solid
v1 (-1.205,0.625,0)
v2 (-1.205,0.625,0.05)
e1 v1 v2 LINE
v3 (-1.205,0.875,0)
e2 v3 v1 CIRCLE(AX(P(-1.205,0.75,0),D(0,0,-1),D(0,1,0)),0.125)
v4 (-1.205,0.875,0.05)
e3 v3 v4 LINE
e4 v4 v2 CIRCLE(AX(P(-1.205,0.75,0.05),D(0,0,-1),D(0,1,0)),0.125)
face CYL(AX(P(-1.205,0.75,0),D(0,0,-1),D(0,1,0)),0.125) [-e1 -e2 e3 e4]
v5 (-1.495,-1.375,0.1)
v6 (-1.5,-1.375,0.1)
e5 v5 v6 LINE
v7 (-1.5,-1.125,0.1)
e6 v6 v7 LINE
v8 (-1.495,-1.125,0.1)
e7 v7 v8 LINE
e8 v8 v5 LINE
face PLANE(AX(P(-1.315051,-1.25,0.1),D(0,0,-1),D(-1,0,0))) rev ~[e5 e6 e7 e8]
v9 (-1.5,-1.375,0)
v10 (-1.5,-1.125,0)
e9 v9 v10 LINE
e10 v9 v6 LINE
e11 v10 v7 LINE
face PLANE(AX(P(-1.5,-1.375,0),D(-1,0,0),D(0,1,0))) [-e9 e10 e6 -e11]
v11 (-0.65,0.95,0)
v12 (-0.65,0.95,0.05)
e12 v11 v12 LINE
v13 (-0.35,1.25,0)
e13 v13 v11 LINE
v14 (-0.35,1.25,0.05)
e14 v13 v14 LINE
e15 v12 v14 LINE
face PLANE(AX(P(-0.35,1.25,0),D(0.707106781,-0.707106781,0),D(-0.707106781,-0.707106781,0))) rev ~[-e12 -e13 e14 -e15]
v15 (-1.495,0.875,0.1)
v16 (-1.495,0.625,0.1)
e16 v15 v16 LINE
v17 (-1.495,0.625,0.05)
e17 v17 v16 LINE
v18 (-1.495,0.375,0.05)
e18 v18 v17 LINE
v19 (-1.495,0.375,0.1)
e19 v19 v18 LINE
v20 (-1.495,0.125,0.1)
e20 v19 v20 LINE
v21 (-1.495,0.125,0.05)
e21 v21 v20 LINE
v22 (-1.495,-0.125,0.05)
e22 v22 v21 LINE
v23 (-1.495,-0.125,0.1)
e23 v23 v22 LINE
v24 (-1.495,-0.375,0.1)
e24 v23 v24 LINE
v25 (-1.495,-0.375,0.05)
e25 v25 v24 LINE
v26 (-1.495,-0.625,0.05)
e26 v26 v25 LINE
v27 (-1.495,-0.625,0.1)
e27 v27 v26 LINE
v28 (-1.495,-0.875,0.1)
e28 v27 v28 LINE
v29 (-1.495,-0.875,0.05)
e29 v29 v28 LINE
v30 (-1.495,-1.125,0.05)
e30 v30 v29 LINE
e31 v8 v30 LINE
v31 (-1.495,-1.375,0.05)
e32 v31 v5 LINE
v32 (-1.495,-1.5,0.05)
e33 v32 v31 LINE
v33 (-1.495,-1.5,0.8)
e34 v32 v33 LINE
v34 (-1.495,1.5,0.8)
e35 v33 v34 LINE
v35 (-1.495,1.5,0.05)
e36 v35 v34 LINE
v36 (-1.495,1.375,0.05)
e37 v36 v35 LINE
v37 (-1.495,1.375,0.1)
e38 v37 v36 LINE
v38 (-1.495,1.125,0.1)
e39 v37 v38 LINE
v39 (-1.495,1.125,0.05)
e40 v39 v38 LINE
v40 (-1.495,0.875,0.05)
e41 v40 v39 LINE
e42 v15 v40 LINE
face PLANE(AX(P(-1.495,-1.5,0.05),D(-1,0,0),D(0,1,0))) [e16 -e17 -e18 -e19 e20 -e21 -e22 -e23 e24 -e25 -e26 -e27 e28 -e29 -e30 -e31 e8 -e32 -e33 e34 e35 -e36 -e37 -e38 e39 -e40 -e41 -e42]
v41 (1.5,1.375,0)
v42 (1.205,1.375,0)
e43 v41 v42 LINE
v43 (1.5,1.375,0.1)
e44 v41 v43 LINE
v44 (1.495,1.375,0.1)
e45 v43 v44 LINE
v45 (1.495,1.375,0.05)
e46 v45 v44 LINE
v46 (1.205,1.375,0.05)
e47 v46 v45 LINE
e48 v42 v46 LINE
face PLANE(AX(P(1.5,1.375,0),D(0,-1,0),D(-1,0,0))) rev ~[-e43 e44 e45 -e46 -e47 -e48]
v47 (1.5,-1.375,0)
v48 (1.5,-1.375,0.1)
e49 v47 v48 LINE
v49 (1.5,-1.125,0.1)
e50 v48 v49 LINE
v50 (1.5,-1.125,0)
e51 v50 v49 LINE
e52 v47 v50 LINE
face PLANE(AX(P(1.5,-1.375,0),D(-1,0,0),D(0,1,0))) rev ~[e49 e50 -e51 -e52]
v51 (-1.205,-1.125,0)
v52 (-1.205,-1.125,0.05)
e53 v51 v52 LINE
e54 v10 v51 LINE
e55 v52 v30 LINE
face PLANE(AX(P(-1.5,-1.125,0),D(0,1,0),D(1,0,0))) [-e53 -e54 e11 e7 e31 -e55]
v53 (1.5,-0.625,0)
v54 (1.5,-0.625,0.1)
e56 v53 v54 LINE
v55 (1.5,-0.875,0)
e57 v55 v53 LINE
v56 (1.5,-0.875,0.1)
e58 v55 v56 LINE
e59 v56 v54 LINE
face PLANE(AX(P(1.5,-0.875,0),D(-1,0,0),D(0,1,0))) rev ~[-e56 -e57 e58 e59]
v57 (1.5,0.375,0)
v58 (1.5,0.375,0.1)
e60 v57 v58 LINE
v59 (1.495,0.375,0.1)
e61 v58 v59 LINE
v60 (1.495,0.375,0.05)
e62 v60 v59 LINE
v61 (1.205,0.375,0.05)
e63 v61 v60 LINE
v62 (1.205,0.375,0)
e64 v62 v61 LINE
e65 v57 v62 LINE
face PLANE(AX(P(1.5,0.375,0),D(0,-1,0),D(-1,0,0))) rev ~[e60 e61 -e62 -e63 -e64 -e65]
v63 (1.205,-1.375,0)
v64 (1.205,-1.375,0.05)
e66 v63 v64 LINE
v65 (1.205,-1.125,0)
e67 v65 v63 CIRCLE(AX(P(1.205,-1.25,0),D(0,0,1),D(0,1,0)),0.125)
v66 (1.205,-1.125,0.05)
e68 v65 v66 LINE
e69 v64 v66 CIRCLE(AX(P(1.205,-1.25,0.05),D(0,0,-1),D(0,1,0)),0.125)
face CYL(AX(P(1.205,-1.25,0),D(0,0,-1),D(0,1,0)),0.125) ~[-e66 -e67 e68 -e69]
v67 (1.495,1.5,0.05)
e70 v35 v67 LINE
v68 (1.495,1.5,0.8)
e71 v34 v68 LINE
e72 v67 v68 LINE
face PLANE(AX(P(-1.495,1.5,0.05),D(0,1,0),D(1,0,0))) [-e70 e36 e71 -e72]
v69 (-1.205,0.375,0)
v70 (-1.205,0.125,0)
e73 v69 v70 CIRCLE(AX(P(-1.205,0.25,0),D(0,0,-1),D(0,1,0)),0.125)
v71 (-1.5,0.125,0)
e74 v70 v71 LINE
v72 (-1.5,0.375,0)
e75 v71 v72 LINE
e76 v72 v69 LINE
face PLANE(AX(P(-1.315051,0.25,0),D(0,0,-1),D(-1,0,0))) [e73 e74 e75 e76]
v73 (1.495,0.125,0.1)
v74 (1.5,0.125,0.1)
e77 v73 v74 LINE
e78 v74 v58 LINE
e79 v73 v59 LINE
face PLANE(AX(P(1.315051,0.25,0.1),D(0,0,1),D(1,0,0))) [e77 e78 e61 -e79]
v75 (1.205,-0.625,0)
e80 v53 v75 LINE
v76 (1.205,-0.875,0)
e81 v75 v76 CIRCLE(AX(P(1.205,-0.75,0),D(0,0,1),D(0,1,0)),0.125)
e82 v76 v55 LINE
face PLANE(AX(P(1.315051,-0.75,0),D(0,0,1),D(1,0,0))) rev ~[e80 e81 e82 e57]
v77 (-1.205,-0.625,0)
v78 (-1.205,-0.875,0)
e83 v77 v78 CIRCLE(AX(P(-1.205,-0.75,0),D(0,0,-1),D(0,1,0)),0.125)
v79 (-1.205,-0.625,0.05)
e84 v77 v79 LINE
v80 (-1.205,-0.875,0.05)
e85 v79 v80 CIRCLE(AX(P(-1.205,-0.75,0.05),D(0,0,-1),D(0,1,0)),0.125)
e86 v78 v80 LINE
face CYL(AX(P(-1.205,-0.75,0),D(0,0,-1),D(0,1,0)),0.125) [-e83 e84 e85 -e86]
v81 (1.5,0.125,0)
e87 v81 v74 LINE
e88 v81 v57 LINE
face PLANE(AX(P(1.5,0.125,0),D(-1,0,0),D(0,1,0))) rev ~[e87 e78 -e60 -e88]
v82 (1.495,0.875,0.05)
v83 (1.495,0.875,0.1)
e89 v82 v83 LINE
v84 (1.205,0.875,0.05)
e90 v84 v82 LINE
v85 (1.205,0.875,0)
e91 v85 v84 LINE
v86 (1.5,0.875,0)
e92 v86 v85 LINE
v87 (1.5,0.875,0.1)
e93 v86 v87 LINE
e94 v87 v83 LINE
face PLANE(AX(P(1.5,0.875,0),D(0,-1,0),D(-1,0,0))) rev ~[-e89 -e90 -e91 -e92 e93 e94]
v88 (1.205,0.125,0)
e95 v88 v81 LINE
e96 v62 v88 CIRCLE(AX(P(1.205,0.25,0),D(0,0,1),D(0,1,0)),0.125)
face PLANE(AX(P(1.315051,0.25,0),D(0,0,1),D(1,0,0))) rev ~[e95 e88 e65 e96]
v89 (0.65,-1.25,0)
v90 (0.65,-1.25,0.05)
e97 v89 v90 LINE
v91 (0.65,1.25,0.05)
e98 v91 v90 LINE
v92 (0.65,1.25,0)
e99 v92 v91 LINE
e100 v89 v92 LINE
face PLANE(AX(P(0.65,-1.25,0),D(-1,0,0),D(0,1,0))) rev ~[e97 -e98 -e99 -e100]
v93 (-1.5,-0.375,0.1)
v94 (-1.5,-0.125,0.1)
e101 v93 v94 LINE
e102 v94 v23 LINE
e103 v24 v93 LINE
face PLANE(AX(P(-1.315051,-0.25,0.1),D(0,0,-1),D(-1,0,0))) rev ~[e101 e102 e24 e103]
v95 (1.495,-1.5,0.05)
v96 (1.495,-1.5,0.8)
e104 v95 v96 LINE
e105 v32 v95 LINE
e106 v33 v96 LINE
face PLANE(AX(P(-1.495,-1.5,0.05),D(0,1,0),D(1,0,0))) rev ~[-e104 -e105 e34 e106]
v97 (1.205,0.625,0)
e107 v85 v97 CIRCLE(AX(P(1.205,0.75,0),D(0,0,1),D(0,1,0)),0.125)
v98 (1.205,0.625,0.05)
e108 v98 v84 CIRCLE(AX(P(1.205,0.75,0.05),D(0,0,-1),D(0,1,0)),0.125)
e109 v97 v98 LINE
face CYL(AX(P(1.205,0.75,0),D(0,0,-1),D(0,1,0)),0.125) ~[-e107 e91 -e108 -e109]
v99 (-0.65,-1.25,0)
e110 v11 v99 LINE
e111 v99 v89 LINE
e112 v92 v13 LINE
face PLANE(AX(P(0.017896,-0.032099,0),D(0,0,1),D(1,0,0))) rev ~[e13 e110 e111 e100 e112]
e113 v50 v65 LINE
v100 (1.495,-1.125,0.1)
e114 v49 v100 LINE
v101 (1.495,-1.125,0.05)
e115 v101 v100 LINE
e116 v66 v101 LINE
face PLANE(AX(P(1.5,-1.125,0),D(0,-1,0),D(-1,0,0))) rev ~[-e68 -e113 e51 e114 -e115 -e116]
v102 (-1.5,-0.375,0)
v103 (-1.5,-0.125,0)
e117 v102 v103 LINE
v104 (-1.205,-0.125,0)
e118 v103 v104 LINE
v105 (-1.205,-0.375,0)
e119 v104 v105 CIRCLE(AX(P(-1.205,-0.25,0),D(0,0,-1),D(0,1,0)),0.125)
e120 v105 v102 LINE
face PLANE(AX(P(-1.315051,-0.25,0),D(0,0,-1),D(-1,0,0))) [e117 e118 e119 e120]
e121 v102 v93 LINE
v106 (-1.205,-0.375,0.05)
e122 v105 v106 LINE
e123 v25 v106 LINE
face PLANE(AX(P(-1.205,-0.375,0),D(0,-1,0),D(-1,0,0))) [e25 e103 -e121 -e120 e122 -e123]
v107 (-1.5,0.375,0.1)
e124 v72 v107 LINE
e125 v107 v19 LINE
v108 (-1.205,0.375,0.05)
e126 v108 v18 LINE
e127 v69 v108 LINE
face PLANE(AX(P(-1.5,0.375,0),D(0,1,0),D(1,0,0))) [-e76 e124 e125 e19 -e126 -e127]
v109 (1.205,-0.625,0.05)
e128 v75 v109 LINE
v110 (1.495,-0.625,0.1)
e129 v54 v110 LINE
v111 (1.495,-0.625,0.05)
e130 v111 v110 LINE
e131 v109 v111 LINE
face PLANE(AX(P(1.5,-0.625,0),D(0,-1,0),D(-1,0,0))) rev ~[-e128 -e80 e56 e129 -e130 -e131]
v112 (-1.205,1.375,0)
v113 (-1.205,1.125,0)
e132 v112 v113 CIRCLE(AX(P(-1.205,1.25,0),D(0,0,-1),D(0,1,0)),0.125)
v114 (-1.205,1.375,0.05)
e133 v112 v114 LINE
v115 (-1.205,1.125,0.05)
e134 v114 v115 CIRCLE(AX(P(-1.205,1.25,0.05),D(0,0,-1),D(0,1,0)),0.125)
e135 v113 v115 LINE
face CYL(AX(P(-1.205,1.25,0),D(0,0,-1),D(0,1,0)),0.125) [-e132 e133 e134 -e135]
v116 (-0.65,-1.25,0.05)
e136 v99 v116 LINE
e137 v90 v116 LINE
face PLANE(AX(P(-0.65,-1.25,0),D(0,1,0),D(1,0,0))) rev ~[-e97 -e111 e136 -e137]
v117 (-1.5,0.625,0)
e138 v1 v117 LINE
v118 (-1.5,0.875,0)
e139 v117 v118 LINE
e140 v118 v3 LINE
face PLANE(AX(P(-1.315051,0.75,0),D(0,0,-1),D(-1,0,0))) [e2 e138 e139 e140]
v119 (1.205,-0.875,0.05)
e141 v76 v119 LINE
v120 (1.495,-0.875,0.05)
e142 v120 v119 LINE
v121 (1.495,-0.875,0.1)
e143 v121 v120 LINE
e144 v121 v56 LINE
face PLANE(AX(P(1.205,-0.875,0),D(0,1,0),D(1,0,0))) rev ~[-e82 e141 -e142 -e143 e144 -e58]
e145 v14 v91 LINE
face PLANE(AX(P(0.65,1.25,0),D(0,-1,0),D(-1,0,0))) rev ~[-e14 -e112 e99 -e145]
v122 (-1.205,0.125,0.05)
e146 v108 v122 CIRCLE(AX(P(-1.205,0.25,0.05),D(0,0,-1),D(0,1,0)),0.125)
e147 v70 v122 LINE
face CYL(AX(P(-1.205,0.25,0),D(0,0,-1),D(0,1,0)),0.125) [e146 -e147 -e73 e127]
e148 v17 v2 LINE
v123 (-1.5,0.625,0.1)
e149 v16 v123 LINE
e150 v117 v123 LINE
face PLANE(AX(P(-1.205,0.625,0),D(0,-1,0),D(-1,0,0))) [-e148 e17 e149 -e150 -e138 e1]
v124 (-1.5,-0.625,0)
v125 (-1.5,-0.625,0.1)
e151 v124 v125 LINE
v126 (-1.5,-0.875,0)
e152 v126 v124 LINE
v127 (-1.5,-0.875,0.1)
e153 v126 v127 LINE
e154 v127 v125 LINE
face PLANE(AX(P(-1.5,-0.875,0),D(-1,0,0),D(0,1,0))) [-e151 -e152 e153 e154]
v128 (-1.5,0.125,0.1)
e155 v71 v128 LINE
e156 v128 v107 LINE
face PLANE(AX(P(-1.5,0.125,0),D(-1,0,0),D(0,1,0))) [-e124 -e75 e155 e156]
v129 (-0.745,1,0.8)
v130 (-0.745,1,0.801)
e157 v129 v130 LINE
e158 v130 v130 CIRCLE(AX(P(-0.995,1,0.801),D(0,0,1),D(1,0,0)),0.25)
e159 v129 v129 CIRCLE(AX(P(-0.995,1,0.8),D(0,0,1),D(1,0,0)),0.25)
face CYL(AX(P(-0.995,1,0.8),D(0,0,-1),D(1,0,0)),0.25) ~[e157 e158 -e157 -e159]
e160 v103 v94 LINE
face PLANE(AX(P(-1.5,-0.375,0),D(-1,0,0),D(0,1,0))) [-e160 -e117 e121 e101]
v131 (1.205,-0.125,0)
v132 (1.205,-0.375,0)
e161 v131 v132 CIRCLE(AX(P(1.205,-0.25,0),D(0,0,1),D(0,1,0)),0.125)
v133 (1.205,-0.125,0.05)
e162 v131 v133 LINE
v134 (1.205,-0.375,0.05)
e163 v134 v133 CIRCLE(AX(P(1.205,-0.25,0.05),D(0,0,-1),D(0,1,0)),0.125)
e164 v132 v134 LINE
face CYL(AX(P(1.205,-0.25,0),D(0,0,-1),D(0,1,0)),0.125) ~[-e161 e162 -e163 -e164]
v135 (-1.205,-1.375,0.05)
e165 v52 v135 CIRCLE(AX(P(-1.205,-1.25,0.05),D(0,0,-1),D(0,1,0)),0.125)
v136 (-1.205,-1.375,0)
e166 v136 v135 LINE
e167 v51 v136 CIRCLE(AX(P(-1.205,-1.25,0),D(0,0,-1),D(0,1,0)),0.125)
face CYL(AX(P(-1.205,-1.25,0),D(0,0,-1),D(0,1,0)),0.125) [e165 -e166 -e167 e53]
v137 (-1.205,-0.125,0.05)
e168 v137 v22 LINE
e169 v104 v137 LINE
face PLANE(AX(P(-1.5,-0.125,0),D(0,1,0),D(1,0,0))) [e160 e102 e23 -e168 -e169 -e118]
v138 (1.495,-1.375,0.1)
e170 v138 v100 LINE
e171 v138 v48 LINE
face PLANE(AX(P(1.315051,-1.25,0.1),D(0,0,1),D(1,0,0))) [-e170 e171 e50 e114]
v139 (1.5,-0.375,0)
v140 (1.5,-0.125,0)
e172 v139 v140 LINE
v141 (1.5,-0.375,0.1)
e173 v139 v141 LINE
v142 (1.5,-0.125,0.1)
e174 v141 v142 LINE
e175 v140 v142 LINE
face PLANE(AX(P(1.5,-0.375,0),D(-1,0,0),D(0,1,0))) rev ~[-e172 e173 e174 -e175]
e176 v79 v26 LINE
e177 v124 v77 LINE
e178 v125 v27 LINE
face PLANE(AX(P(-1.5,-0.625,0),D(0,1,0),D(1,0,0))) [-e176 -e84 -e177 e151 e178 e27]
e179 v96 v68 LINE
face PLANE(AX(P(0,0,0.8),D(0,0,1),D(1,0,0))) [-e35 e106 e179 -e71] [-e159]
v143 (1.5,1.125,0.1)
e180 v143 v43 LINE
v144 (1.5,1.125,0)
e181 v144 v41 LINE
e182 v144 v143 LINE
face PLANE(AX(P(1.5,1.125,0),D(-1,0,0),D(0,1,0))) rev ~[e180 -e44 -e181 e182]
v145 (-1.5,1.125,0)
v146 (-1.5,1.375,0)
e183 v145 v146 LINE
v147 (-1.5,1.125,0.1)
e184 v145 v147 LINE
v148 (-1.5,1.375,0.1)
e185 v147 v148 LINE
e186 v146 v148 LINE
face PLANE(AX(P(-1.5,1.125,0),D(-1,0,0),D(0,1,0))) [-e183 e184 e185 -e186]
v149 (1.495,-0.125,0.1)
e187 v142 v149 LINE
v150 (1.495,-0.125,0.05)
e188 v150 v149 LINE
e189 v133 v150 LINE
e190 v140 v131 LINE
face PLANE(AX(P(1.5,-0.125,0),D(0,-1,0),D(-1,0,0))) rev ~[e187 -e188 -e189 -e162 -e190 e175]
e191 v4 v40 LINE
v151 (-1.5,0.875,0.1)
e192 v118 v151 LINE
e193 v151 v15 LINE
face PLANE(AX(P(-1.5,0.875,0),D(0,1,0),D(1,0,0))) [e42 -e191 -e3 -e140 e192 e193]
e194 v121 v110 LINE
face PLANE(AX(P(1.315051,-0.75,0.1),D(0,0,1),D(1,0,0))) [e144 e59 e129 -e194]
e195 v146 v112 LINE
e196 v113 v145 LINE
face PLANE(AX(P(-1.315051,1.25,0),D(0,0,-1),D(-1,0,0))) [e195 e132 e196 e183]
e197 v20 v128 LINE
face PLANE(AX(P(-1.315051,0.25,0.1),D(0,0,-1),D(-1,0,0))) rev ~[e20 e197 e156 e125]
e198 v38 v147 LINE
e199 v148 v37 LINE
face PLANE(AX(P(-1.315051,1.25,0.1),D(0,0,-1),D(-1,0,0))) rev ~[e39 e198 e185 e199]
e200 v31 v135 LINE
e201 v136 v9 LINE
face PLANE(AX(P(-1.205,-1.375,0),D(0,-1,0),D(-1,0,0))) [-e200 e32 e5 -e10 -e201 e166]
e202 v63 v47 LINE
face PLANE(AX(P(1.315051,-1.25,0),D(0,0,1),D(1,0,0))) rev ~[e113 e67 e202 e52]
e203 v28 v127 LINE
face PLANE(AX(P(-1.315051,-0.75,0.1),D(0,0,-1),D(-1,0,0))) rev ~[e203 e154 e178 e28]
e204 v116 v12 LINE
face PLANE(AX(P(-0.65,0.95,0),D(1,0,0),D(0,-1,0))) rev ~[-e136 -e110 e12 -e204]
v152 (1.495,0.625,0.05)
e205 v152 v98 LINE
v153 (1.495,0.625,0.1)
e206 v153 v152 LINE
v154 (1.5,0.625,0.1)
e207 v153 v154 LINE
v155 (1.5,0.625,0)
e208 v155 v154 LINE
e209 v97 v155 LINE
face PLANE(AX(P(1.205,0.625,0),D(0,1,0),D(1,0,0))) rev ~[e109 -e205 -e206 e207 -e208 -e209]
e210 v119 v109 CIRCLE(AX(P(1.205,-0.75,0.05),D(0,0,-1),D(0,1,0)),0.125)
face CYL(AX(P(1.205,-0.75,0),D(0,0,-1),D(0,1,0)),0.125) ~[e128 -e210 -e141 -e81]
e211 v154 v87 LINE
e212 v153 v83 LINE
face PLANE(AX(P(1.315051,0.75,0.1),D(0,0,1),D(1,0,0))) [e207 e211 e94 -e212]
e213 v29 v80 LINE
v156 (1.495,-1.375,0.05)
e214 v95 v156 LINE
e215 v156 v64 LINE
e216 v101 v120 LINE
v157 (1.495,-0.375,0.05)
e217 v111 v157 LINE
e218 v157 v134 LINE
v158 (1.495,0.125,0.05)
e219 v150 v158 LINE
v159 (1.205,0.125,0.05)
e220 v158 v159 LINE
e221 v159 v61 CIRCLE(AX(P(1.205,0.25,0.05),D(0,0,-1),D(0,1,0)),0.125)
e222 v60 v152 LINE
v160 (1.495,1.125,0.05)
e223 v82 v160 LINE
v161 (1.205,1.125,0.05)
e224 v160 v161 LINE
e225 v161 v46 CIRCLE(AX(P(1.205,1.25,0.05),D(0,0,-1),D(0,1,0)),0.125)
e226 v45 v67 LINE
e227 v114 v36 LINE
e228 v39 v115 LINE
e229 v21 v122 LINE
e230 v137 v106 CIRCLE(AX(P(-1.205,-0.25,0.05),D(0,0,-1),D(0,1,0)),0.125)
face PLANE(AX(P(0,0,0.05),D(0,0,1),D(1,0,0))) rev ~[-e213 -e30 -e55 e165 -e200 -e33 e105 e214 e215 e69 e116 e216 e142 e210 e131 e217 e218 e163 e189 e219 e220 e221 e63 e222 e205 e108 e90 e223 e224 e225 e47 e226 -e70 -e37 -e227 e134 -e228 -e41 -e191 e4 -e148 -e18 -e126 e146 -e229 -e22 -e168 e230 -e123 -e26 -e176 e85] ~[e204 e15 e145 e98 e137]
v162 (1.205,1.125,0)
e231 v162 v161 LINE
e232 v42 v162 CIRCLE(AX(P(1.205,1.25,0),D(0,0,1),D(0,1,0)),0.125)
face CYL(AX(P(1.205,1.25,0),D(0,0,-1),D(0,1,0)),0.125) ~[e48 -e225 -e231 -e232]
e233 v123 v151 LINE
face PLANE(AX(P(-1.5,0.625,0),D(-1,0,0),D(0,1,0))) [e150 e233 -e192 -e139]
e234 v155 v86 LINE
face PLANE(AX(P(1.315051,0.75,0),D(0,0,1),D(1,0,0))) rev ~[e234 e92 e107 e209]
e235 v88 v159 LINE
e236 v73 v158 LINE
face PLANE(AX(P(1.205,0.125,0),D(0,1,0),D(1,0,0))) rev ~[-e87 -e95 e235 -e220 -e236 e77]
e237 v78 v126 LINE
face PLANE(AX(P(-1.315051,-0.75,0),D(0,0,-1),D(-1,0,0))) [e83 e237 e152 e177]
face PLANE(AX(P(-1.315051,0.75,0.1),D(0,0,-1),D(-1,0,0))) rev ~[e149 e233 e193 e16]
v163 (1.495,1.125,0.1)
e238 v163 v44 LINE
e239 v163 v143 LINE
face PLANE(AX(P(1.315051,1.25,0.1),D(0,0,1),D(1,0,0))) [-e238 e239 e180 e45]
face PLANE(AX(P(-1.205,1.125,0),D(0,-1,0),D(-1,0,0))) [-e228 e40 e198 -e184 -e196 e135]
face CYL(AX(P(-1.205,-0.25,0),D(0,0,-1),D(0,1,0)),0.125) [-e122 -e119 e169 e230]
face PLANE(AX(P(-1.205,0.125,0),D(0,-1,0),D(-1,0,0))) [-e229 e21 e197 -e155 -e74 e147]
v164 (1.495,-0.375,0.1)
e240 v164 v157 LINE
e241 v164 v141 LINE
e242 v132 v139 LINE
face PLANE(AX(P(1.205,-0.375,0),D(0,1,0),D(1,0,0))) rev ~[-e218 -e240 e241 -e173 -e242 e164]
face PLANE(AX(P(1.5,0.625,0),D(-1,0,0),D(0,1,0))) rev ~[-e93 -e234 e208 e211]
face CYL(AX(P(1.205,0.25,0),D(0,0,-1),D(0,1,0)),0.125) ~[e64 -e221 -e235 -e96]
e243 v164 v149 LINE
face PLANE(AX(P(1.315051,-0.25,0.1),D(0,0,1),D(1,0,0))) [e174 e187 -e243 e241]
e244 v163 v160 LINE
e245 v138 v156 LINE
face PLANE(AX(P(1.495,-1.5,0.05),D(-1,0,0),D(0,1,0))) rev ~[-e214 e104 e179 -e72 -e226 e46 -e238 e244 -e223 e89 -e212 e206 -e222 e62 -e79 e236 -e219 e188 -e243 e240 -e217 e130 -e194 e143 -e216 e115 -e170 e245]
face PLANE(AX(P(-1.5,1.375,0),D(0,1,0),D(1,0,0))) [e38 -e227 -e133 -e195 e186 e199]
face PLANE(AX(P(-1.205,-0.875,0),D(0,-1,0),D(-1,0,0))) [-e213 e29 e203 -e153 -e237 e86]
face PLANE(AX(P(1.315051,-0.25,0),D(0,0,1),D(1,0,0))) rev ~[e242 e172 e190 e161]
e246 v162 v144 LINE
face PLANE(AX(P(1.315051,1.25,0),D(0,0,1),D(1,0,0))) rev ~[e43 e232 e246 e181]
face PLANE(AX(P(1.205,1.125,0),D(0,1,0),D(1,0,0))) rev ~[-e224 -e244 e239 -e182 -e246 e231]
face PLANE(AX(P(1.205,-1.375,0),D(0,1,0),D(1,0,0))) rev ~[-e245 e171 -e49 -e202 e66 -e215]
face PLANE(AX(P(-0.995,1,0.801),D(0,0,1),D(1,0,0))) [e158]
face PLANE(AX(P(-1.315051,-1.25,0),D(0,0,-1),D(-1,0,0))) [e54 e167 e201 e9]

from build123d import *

# Parameters (mm, degrees)
BASE_START  = 0.05
ESQUISSE1_W = 2.99
ESQUISSE1_H = 3
BASE_DEPTH  = 0.75
PADS_DEPTH  = 0.1
ESQUISSE4_R = 0.25
MARK_DEPTH  = 0.001


with BuildPart() as part:
    # Esquisse1 → base (new body)
    with BuildSketch(Plane.XY.offset(BASE_START)):
        Rectangle(ESQUISSE1_W, ESQUISSE1_H)
    extrude(amount=BASE_DEPTH)

    # Esquisse3 → pads (add)
    with BuildSketch(Plane.XY):
        with BuildLine():
            Line((-1.5, 1.375), (-1.205, 1.375))
            ThreePointArc((-1.205, 1.375), (-1.08, 1.25), (-1.205, 1.125))
            Line((-1.205, 1.125), (-1.5, 1.125))
            Line((-1.5, 1.125), (-1.5, 1.375))
        make_face()
        with BuildLine():
            Line((-1.205, 0.625), (-1.5, 0.625))
            Line((-1.5, 0.625), (-1.5, 0.875))
            Line((-1.5, 0.875), (-1.205, 0.875))
            ThreePointArc((-1.205, 0.875), (-1.08, 0.75), (-1.205, 0.625))
        make_face()
        with BuildLine():
            Line((-1.205, 0.125), (-1.5, 0.125))
            Line((-1.5, 0.125), (-1.5, 0.375))
            Line((-1.5, 0.375), (-1.205, 0.375))
            ThreePointArc((-1.205, 0.375), (-1.08, 0.25), (-1.205, 0.125))
        make_face()
        with BuildLine():
            Line((-1.205, -0.375), (-1.5, -0.375))
            Line((-1.5, -0.375), (-1.5, -0.125))
            Line((-1.5, -0.125), (-1.205, -0.125))
            ThreePointArc((-1.205, -0.125), (-1.08, -0.25), (-1.205, -0.375))
        make_face()
        with BuildLine():
            Line((-1.205, -0.875), (-1.5, -0.875))
            Line((-1.5, -0.875), (-1.5, -0.625))
            Line((-1.5, -0.625), (-1.205, -0.625))
            ThreePointArc((-1.205, -0.625), (-1.08, -0.75), (-1.205, -0.875))
        make_face()
        with BuildLine():
            Line((-1.205, -1.375), (-1.5, -1.375))
            Line((-1.5, -1.375), (-1.5, -1.125))
            Line((-1.5, -1.125), (-1.205, -1.125))
            ThreePointArc((-1.205, -1.125), (-1.08, -1.25), (-1.205, -1.375))
        make_face()
        with BuildLine():
            Line((1.5, 1.375), (1.205, 1.375))
            ThreePointArc((1.205, 1.375), (1.08, 1.25), (1.205, 1.125))
            Line((1.205, 1.125), (1.5, 1.125))
            Line((1.5, 1.125), (1.5, 1.375))
        make_face()
        with BuildLine():
            Line((1.5, -1.125), (1.205, -1.125))
            ThreePointArc((1.205, -1.125), (1.08, -1.25), (1.205, -1.375))
            Line((1.205, -1.375), (1.5, -1.375))
            Line((1.5, -1.375), (1.5, -1.125))
        make_face()
        with BuildLine():
            Line((1.5, -0.625), (1.205, -0.625))
            ThreePointArc((1.205, -0.625), (1.08, -0.75), (1.205, -0.875))
            Line((1.205, -0.875), (1.5, -0.875))
            Line((1.5, -0.875), (1.5, -0.625))
        make_face()
        with BuildLine():
            Line((1.5, -0.125), (1.205, -0.125))
            ThreePointArc((1.205, -0.125), (1.08, -0.25), (1.205, -0.375))
            Line((1.205, -0.375), (1.5, -0.375))
            Line((1.5, -0.375), (1.5, -0.125))
        make_face()
        with BuildLine():
            Line((1.5, 0.375), (1.205, 0.375))
            ThreePointArc((1.205, 0.375), (1.08, 0.25), (1.205, 0.125))
            Line((1.205, 0.125), (1.5, 0.125))
            Line((1.5, 0.125), (1.5, 0.375))
        make_face()
        with BuildLine():
            Line((1.5, 0.875), (1.205, 0.875))
            ThreePointArc((1.205, 0.875), (1.08, 0.75), (1.205, 0.625))
            Line((1.205, 0.625), (1.5, 0.625))
            Line((1.5, 0.625), (1.5, 0.875))
        make_face()
        Polygon((-0.65, -1.25), (0.65, -1.25), (0.65, 1.25), (-0.35, 1.25), (-0.65, 0.95), align=None)
    extrude(amount=PADS_DEPTH)

    # Esquisse4 → mark (add)
    with BuildSketch(Plane.XY.offset(0.8)):
        with Locations((-0.995, 1)):
            Circle(ESQUISSE4_R)
    extrude(amount=MARK_DEPTH)


solid = part.part
